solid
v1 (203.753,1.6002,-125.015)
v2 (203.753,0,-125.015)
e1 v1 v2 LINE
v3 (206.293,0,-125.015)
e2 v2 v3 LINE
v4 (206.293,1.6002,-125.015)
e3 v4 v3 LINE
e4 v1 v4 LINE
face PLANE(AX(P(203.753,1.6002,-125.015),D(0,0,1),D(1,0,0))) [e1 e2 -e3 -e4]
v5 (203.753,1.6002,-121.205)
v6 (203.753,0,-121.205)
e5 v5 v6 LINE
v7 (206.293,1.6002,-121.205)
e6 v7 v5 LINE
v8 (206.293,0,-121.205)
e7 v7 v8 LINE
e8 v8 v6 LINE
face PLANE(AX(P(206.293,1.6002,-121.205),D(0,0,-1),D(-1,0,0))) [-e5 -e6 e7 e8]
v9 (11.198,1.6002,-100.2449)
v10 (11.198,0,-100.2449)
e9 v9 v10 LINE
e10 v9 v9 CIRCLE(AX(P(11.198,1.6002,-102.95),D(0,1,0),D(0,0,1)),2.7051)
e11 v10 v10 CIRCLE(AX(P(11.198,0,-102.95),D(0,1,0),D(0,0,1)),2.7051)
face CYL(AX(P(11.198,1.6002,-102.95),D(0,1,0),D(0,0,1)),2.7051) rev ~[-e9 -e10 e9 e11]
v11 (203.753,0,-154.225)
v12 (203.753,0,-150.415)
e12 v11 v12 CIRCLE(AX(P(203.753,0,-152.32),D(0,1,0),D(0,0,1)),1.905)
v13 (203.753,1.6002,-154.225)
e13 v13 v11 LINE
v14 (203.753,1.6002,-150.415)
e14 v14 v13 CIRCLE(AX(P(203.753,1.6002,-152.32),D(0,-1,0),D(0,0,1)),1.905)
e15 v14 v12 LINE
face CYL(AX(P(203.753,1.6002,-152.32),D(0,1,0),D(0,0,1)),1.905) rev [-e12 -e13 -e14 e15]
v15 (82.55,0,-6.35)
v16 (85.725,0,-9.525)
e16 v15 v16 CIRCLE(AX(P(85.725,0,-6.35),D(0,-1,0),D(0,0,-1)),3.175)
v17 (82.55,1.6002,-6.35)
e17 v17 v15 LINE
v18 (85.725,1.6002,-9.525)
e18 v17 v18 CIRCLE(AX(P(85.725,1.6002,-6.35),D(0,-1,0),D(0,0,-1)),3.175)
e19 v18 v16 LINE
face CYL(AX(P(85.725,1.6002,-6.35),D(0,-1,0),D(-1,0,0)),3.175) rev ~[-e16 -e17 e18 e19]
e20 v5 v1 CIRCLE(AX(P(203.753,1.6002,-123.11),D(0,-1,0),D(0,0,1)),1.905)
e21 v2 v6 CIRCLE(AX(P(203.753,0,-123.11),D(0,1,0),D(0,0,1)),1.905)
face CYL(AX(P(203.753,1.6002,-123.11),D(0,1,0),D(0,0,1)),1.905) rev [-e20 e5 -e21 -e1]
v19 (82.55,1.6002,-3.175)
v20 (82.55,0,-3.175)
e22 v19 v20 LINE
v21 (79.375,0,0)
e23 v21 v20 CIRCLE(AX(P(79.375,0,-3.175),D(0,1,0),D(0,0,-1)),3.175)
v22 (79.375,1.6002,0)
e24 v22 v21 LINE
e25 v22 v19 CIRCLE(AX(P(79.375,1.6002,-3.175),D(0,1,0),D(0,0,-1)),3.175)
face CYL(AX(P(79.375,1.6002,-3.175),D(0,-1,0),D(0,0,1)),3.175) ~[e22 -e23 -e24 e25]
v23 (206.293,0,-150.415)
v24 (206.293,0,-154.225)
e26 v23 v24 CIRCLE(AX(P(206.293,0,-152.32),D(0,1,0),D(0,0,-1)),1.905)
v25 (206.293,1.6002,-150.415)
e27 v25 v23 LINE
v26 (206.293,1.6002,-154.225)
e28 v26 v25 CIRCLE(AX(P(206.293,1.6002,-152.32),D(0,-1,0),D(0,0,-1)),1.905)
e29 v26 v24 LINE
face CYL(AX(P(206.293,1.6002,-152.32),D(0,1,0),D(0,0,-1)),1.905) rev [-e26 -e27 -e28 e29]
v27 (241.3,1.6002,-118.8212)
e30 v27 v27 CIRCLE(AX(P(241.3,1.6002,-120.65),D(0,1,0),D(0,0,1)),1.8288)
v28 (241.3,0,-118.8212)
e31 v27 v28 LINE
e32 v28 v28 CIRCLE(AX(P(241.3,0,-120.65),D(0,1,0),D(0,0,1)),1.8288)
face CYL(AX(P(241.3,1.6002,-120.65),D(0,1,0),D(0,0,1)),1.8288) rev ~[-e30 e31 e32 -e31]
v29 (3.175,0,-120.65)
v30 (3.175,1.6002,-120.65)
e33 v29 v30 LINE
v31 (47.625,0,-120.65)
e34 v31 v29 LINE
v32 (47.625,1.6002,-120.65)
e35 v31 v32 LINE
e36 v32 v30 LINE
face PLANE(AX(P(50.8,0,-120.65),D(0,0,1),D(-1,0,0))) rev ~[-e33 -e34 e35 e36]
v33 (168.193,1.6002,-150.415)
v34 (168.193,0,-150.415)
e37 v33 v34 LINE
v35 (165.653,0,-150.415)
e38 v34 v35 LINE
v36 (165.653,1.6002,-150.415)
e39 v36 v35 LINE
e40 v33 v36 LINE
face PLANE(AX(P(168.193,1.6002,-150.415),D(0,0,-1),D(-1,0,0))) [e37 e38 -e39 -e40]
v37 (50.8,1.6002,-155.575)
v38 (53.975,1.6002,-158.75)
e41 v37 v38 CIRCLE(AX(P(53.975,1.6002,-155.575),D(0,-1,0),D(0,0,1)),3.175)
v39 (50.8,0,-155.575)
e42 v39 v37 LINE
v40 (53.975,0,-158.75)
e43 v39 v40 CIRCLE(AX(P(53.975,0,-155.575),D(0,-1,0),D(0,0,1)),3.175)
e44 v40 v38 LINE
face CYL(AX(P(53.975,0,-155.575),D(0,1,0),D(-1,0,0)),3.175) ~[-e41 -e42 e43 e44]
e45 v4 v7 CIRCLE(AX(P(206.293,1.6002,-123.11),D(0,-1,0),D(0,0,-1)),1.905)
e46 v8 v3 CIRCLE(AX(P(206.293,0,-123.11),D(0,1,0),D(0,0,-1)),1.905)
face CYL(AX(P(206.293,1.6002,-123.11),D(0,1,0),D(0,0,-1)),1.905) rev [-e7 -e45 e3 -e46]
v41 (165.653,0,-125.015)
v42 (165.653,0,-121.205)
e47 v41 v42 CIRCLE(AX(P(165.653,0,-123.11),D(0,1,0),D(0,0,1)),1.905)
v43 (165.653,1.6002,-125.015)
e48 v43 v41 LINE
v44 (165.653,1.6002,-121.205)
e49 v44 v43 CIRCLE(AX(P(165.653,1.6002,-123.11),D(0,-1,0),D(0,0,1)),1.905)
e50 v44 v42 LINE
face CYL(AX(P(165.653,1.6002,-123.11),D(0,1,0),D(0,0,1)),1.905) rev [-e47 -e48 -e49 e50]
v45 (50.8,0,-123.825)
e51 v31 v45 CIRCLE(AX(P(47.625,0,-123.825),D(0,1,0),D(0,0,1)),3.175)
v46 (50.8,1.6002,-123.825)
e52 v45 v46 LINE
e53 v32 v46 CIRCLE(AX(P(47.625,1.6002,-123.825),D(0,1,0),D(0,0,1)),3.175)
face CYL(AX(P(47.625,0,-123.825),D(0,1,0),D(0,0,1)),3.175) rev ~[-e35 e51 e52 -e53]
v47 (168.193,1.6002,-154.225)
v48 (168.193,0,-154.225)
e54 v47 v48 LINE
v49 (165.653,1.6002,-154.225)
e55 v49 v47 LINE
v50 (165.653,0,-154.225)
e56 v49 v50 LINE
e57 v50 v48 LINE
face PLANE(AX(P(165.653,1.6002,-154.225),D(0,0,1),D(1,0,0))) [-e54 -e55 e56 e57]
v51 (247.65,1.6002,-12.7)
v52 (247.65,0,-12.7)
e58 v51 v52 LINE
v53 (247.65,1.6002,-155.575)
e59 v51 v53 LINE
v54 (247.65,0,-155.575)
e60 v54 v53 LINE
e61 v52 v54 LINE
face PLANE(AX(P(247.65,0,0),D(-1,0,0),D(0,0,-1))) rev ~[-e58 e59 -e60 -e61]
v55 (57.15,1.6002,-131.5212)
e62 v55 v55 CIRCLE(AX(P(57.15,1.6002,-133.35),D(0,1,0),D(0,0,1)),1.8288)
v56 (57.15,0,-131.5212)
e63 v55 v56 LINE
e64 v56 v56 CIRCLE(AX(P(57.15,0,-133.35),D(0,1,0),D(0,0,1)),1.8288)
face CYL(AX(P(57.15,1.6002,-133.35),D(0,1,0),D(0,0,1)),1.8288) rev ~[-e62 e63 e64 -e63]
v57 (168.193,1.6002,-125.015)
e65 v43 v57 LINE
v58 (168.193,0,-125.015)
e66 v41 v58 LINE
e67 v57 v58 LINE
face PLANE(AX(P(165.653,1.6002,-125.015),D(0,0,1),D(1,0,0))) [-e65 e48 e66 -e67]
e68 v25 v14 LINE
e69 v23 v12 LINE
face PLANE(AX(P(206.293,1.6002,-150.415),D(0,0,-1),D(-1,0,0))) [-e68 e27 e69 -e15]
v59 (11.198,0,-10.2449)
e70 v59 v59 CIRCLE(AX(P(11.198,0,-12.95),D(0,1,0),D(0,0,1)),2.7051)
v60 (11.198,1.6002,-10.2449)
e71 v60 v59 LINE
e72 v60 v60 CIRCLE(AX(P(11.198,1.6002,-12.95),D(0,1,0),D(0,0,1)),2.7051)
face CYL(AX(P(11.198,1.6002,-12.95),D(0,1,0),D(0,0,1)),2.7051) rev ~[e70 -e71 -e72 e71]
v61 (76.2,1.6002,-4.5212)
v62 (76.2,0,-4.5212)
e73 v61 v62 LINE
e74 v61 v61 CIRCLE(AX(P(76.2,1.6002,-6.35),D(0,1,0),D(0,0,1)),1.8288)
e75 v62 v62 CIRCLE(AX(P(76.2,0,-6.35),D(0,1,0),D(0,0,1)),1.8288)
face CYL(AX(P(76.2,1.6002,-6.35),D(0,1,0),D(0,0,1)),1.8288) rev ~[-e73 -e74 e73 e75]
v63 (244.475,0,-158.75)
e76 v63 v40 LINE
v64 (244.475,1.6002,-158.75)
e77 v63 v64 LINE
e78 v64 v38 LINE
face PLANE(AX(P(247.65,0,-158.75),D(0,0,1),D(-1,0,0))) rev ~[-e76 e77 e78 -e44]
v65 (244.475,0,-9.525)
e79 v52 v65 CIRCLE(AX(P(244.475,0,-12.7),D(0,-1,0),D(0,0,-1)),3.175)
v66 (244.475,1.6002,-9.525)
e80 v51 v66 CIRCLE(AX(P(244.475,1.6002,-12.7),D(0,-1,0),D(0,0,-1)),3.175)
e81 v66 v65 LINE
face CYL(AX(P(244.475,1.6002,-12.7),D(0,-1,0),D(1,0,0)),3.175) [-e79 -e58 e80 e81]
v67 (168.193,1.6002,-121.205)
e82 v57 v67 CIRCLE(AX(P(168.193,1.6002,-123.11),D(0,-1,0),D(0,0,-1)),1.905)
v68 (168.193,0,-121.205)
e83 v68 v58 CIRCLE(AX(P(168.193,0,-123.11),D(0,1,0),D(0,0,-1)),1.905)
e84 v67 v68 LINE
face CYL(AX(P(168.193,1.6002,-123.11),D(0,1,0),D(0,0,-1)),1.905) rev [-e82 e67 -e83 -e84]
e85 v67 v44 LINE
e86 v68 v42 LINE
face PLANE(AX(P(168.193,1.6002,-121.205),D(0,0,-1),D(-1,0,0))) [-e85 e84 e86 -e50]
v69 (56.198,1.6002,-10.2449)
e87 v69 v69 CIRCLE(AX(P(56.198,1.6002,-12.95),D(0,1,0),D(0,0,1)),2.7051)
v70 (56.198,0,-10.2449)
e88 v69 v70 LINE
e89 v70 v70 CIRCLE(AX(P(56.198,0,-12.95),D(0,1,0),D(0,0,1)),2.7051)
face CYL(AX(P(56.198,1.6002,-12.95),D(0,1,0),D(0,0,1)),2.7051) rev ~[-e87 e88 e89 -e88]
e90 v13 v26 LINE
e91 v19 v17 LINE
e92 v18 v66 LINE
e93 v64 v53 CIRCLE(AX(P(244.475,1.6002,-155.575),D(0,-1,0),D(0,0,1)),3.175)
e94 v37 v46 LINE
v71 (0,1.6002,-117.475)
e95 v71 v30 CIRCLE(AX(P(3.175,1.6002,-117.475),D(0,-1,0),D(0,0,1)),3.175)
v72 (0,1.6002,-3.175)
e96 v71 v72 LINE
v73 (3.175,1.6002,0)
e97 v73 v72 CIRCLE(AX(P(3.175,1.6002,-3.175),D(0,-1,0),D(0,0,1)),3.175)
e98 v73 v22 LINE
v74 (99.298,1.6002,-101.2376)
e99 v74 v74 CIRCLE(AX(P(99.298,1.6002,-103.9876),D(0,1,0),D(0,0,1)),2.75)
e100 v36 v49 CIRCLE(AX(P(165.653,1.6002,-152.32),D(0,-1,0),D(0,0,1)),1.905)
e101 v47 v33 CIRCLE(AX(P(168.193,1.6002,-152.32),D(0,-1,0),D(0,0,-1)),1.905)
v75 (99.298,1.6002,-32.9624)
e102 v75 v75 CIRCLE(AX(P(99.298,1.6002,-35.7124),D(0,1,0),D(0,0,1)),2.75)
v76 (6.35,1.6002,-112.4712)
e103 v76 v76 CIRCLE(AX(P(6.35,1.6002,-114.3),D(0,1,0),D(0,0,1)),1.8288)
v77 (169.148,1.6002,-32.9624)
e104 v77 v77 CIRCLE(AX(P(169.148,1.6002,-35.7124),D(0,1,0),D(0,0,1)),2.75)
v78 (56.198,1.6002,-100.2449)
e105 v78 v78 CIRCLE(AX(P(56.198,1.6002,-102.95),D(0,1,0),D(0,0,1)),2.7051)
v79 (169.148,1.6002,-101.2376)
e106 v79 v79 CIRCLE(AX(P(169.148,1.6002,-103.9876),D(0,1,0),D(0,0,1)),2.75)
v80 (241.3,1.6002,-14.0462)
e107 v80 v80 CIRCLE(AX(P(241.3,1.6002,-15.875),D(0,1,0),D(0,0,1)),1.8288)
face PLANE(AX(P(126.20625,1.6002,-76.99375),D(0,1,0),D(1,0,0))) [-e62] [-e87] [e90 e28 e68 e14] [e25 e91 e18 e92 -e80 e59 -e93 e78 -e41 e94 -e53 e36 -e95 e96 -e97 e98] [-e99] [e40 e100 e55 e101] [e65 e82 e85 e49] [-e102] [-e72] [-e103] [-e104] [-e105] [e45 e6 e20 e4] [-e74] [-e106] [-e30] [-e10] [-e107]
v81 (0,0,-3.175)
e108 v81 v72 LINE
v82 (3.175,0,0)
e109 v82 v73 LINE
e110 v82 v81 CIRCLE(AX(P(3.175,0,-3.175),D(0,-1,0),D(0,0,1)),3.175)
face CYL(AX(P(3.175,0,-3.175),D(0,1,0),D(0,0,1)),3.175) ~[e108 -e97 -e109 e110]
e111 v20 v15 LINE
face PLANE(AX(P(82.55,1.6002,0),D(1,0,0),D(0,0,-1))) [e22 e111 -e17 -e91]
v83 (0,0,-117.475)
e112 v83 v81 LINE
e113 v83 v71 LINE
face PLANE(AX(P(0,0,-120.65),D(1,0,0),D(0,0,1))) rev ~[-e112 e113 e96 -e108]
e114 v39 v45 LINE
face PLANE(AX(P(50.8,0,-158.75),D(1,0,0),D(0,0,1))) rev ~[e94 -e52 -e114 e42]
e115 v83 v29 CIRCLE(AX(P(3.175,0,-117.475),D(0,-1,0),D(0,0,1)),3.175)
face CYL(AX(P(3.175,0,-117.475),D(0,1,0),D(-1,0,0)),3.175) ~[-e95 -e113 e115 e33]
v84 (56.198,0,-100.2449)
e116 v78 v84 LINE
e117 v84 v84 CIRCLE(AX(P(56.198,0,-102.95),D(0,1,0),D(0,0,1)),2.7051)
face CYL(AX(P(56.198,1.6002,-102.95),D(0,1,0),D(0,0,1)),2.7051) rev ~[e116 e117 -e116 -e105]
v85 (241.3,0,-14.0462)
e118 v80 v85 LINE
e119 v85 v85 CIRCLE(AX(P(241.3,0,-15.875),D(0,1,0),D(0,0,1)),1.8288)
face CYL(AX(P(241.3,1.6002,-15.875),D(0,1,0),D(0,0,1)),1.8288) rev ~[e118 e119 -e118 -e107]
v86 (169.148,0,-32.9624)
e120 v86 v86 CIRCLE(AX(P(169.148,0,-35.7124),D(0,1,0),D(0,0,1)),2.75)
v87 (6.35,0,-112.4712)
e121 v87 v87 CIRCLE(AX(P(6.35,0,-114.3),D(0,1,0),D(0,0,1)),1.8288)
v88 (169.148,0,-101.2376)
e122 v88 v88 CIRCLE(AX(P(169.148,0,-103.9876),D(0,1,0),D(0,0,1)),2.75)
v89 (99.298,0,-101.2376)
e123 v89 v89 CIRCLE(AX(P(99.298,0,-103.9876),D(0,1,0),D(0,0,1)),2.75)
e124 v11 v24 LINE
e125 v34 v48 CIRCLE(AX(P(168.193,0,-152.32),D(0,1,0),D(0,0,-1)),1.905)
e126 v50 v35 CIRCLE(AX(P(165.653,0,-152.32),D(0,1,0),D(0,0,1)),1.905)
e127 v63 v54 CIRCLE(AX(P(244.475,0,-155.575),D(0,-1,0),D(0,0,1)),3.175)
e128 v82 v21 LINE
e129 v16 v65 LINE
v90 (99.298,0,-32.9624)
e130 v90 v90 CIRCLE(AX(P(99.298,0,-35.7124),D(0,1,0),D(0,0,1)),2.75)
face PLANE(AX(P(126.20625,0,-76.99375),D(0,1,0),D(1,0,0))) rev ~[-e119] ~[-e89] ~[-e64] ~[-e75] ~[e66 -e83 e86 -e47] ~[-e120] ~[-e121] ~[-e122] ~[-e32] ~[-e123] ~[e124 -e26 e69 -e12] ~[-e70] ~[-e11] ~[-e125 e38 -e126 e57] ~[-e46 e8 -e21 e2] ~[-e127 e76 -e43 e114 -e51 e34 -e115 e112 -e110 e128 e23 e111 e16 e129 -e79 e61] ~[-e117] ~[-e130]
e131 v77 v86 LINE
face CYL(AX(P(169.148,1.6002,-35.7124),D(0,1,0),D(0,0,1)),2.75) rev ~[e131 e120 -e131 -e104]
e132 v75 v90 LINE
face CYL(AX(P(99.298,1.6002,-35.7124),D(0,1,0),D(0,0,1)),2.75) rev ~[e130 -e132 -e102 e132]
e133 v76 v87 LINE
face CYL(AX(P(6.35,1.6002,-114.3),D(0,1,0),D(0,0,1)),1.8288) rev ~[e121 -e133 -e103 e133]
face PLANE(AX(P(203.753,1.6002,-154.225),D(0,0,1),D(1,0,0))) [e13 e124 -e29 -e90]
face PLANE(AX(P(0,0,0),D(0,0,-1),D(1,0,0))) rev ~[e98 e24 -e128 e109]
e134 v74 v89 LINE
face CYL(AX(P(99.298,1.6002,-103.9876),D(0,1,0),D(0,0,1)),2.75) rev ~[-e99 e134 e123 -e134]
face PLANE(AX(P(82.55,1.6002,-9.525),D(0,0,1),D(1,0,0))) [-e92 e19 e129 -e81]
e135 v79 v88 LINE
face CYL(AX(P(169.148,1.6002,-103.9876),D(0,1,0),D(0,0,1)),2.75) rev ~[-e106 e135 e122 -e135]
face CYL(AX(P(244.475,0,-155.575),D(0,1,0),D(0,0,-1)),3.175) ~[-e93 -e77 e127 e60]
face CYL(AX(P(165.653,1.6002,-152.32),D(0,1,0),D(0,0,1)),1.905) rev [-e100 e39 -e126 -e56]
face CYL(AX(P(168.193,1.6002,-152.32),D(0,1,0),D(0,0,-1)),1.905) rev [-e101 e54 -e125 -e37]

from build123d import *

# Parameters (mm, degrees)
BOSS_EXTRUDE1_DEPTH            = 1.6002
SKETCH3_W                      = 165.1
SKETCH3_H                      = 9.525
CUT_EXTRUDE1_DEPTH             = 295.167716856
FILLET1_R                      = 3.175
FUSE_ZIPTIE_MOUNTS_DEPTH       = 295.167716856
SKETCH5_R                      = 2.75
CONTACTOR_MOUNTING_HOLES_DEPTH = 295.167716856
SKETCH6_R                      = 1.8288
CUT_EXTRUDE2_DEPTH             = 295.167716856
SKETCH7_R                      = 2.7051
CUT_EXTRUDE3_DEPTH             = 295.167716856


with BuildPart() as part:
    # Sketch1 → Boss-Extrude1 (new body)
    with BuildSketch(Plane(origin=(0, 0, 0), x_dir=(1, 0, 0), z_dir=(0, 1, 0))):
        Polygon((0, 0), (247.65, 0), (247.65, 158.75), (50.8, 158.75), (50.8, 120.65), (0, 120.65), align=None)
    extrude(amount=BOSS_EXTRUDE1_DEPTH)

    # Sketch3 → Cut-Extrude1 (cut, through all)
    with BuildSketch(Plane(origin=(0, 1.6002, 0), x_dir=(1, 0, 0), z_dir=(0, 1, 0))):
        with Locations((165.1, 4.7625)):
            Rectangle(SKETCH3_W, SKETCH3_H)
    extrude(amount=-CUT_EXTRUDE1_DEPTH, mode=Mode.SUBTRACT)

    # Fillet1
    fillet1_edges = [part.edges().sort_by_distance(p)[0] for p in [
        (247.65, 0.8001, -158.75),
        (0, 0.8001, 0),
        (0, 0.8001, -120.65),
        (50.8, 0.8001, -120.65),
        (50.8, 0.8001, -158.75),
        (82.55, 0.8001, 0),
        (82.55, 0.8001, -9.525),
        (247.65, 0.8001, -9.525),
    ]]
    fillet(fillet1_edges, radius=FILLET1_R)

    # Sketch4 → Fuse Ziptie Mounts (cut, through all)
    with BuildSketch(Plane(origin=(0, 1.6002, 0), x_dir=(1, 0, 0), z_dir=(0, 1, 0))):
        with BuildLine():
            Line((165.653, 154.225), (168.193, 154.225))
            ThreePointArc((168.193, 154.225), (170.098, 152.32), (168.193, 150.415))
            Line((168.193, 150.415), (165.653, 150.415))
            ThreePointArc((165.653, 150.415), (163.748, 152.32), (165.653, 154.225))
        make_face()
        with BuildLine():
            Line((203.753, 154.225), (206.293, 154.225))
            ThreePointArc((206.293, 154.225), (208.198, 152.32), (206.293, 150.415))
            Line((206.293, 150.415), (203.753, 150.415))
            ThreePointArc((203.753, 150.415), (201.848, 152.32), (203.753, 154.225))
        make_face()
        with BuildLine():
            Line((203.753, 125.015), (206.293, 125.015))
            ThreePointArc((206.293, 125.015), (208.198, 123.11), (206.293, 121.205))
            Line((206.293, 121.205), (203.753, 121.205))
            ThreePointArc((203.753, 121.205), (201.848, 123.11), (203.753, 125.015))
        make_face()
        with BuildLine():
            Line((165.653, 125.015), (168.193, 125.015))
            ThreePointArc((168.193, 125.015), (170.098, 123.11), (168.193, 121.205))
            Line((168.193, 121.205), (165.653, 121.205))
            ThreePointArc((165.653, 121.205), (163.748, 123.11), (165.653, 125.015))
        make_face()
    extrude(amount=-FUSE_ZIPTIE_MOUNTS_DEPTH, mode=Mode.SUBTRACT)

    # Sketch5 → Contactor Mounting Holes (cut, through all)
    with BuildSketch(Plane(origin=(0, 1.6002, 0), x_dir=(1, 0, 0), z_dir=(0, 1, 0))):
        with Locations(Location((99.298, 103.9876, 0), (0, 0, 270))):
            Circle(SKETCH5_R)
        with Locations(Location((99.298, 35.7124, 0), (0, 0, 270))):
            Circle(SKETCH5_R)
        with Locations(Location((169.148, 103.9876, 0), (0, 0, 270))):
            Circle(SKETCH5_R)
        with Locations(Location((169.148, 35.7124, 0), (0, 0, 270))):
            Circle(SKETCH5_R)
    extrude(amount=-CONTACTOR_MOUNTING_HOLES_DEPTH, mode=Mode.SUBTRACT)

    # Sketch6 → Cut-Extrude2 (cut, through all)
    with BuildSketch(Plane(origin=(0, 1.6002, 0), x_dir=(1, 0, 0), z_dir=(0, 1, 0))):
        with Locations(Location((6.35, 114.3, 0), (0, 0, 270))):
            Circle(SKETCH6_R)
        with Locations(Location((76.2, 6.35, 0), (0, 0, 270))):
            Circle(SKETCH6_R)
        with Locations(Location((241.3, 15.875, 0), (0, 0, 270))):
            Circle(SKETCH6_R)
        with Locations(Location((241.3, 120.65, 0), (0, 0, 270))):
            Circle(SKETCH6_R)
        with Locations(Location((57.15, 133.35, 0), (0, 0, 270))):
            Circle(SKETCH6_R)
    extrude(amount=-CUT_EXTRUDE2_DEPTH, mode=Mode.SUBTRACT)

    # Sketch7 → Cut-Extrude3 (cut, through all)
    with BuildSketch(Plane(origin=(0, 1.6002, 0), x_dir=(1, 0, 0), z_dir=(0, 1, 0))):
        with Locations(Location((11.198, 102.95, 0), (0, 0, 270))):
            Circle(SKETCH7_R)
        with Locations(Location((56.198, 102.95, 0), (0, 0, 270))):
            Circle(SKETCH7_R)
        with Locations(Location((11.198, 12.95, 0), (0, 0, 270))):
            Circle(SKETCH7_R)
        with Locations(Location((56.198, 12.95, 0), (0, 0, 270))):
            Circle(SKETCH7_R)
    extrude(amount=-CUT_EXTRUDE3_DEPTH, mode=Mode.SUBTRACT)


solid = part.part
